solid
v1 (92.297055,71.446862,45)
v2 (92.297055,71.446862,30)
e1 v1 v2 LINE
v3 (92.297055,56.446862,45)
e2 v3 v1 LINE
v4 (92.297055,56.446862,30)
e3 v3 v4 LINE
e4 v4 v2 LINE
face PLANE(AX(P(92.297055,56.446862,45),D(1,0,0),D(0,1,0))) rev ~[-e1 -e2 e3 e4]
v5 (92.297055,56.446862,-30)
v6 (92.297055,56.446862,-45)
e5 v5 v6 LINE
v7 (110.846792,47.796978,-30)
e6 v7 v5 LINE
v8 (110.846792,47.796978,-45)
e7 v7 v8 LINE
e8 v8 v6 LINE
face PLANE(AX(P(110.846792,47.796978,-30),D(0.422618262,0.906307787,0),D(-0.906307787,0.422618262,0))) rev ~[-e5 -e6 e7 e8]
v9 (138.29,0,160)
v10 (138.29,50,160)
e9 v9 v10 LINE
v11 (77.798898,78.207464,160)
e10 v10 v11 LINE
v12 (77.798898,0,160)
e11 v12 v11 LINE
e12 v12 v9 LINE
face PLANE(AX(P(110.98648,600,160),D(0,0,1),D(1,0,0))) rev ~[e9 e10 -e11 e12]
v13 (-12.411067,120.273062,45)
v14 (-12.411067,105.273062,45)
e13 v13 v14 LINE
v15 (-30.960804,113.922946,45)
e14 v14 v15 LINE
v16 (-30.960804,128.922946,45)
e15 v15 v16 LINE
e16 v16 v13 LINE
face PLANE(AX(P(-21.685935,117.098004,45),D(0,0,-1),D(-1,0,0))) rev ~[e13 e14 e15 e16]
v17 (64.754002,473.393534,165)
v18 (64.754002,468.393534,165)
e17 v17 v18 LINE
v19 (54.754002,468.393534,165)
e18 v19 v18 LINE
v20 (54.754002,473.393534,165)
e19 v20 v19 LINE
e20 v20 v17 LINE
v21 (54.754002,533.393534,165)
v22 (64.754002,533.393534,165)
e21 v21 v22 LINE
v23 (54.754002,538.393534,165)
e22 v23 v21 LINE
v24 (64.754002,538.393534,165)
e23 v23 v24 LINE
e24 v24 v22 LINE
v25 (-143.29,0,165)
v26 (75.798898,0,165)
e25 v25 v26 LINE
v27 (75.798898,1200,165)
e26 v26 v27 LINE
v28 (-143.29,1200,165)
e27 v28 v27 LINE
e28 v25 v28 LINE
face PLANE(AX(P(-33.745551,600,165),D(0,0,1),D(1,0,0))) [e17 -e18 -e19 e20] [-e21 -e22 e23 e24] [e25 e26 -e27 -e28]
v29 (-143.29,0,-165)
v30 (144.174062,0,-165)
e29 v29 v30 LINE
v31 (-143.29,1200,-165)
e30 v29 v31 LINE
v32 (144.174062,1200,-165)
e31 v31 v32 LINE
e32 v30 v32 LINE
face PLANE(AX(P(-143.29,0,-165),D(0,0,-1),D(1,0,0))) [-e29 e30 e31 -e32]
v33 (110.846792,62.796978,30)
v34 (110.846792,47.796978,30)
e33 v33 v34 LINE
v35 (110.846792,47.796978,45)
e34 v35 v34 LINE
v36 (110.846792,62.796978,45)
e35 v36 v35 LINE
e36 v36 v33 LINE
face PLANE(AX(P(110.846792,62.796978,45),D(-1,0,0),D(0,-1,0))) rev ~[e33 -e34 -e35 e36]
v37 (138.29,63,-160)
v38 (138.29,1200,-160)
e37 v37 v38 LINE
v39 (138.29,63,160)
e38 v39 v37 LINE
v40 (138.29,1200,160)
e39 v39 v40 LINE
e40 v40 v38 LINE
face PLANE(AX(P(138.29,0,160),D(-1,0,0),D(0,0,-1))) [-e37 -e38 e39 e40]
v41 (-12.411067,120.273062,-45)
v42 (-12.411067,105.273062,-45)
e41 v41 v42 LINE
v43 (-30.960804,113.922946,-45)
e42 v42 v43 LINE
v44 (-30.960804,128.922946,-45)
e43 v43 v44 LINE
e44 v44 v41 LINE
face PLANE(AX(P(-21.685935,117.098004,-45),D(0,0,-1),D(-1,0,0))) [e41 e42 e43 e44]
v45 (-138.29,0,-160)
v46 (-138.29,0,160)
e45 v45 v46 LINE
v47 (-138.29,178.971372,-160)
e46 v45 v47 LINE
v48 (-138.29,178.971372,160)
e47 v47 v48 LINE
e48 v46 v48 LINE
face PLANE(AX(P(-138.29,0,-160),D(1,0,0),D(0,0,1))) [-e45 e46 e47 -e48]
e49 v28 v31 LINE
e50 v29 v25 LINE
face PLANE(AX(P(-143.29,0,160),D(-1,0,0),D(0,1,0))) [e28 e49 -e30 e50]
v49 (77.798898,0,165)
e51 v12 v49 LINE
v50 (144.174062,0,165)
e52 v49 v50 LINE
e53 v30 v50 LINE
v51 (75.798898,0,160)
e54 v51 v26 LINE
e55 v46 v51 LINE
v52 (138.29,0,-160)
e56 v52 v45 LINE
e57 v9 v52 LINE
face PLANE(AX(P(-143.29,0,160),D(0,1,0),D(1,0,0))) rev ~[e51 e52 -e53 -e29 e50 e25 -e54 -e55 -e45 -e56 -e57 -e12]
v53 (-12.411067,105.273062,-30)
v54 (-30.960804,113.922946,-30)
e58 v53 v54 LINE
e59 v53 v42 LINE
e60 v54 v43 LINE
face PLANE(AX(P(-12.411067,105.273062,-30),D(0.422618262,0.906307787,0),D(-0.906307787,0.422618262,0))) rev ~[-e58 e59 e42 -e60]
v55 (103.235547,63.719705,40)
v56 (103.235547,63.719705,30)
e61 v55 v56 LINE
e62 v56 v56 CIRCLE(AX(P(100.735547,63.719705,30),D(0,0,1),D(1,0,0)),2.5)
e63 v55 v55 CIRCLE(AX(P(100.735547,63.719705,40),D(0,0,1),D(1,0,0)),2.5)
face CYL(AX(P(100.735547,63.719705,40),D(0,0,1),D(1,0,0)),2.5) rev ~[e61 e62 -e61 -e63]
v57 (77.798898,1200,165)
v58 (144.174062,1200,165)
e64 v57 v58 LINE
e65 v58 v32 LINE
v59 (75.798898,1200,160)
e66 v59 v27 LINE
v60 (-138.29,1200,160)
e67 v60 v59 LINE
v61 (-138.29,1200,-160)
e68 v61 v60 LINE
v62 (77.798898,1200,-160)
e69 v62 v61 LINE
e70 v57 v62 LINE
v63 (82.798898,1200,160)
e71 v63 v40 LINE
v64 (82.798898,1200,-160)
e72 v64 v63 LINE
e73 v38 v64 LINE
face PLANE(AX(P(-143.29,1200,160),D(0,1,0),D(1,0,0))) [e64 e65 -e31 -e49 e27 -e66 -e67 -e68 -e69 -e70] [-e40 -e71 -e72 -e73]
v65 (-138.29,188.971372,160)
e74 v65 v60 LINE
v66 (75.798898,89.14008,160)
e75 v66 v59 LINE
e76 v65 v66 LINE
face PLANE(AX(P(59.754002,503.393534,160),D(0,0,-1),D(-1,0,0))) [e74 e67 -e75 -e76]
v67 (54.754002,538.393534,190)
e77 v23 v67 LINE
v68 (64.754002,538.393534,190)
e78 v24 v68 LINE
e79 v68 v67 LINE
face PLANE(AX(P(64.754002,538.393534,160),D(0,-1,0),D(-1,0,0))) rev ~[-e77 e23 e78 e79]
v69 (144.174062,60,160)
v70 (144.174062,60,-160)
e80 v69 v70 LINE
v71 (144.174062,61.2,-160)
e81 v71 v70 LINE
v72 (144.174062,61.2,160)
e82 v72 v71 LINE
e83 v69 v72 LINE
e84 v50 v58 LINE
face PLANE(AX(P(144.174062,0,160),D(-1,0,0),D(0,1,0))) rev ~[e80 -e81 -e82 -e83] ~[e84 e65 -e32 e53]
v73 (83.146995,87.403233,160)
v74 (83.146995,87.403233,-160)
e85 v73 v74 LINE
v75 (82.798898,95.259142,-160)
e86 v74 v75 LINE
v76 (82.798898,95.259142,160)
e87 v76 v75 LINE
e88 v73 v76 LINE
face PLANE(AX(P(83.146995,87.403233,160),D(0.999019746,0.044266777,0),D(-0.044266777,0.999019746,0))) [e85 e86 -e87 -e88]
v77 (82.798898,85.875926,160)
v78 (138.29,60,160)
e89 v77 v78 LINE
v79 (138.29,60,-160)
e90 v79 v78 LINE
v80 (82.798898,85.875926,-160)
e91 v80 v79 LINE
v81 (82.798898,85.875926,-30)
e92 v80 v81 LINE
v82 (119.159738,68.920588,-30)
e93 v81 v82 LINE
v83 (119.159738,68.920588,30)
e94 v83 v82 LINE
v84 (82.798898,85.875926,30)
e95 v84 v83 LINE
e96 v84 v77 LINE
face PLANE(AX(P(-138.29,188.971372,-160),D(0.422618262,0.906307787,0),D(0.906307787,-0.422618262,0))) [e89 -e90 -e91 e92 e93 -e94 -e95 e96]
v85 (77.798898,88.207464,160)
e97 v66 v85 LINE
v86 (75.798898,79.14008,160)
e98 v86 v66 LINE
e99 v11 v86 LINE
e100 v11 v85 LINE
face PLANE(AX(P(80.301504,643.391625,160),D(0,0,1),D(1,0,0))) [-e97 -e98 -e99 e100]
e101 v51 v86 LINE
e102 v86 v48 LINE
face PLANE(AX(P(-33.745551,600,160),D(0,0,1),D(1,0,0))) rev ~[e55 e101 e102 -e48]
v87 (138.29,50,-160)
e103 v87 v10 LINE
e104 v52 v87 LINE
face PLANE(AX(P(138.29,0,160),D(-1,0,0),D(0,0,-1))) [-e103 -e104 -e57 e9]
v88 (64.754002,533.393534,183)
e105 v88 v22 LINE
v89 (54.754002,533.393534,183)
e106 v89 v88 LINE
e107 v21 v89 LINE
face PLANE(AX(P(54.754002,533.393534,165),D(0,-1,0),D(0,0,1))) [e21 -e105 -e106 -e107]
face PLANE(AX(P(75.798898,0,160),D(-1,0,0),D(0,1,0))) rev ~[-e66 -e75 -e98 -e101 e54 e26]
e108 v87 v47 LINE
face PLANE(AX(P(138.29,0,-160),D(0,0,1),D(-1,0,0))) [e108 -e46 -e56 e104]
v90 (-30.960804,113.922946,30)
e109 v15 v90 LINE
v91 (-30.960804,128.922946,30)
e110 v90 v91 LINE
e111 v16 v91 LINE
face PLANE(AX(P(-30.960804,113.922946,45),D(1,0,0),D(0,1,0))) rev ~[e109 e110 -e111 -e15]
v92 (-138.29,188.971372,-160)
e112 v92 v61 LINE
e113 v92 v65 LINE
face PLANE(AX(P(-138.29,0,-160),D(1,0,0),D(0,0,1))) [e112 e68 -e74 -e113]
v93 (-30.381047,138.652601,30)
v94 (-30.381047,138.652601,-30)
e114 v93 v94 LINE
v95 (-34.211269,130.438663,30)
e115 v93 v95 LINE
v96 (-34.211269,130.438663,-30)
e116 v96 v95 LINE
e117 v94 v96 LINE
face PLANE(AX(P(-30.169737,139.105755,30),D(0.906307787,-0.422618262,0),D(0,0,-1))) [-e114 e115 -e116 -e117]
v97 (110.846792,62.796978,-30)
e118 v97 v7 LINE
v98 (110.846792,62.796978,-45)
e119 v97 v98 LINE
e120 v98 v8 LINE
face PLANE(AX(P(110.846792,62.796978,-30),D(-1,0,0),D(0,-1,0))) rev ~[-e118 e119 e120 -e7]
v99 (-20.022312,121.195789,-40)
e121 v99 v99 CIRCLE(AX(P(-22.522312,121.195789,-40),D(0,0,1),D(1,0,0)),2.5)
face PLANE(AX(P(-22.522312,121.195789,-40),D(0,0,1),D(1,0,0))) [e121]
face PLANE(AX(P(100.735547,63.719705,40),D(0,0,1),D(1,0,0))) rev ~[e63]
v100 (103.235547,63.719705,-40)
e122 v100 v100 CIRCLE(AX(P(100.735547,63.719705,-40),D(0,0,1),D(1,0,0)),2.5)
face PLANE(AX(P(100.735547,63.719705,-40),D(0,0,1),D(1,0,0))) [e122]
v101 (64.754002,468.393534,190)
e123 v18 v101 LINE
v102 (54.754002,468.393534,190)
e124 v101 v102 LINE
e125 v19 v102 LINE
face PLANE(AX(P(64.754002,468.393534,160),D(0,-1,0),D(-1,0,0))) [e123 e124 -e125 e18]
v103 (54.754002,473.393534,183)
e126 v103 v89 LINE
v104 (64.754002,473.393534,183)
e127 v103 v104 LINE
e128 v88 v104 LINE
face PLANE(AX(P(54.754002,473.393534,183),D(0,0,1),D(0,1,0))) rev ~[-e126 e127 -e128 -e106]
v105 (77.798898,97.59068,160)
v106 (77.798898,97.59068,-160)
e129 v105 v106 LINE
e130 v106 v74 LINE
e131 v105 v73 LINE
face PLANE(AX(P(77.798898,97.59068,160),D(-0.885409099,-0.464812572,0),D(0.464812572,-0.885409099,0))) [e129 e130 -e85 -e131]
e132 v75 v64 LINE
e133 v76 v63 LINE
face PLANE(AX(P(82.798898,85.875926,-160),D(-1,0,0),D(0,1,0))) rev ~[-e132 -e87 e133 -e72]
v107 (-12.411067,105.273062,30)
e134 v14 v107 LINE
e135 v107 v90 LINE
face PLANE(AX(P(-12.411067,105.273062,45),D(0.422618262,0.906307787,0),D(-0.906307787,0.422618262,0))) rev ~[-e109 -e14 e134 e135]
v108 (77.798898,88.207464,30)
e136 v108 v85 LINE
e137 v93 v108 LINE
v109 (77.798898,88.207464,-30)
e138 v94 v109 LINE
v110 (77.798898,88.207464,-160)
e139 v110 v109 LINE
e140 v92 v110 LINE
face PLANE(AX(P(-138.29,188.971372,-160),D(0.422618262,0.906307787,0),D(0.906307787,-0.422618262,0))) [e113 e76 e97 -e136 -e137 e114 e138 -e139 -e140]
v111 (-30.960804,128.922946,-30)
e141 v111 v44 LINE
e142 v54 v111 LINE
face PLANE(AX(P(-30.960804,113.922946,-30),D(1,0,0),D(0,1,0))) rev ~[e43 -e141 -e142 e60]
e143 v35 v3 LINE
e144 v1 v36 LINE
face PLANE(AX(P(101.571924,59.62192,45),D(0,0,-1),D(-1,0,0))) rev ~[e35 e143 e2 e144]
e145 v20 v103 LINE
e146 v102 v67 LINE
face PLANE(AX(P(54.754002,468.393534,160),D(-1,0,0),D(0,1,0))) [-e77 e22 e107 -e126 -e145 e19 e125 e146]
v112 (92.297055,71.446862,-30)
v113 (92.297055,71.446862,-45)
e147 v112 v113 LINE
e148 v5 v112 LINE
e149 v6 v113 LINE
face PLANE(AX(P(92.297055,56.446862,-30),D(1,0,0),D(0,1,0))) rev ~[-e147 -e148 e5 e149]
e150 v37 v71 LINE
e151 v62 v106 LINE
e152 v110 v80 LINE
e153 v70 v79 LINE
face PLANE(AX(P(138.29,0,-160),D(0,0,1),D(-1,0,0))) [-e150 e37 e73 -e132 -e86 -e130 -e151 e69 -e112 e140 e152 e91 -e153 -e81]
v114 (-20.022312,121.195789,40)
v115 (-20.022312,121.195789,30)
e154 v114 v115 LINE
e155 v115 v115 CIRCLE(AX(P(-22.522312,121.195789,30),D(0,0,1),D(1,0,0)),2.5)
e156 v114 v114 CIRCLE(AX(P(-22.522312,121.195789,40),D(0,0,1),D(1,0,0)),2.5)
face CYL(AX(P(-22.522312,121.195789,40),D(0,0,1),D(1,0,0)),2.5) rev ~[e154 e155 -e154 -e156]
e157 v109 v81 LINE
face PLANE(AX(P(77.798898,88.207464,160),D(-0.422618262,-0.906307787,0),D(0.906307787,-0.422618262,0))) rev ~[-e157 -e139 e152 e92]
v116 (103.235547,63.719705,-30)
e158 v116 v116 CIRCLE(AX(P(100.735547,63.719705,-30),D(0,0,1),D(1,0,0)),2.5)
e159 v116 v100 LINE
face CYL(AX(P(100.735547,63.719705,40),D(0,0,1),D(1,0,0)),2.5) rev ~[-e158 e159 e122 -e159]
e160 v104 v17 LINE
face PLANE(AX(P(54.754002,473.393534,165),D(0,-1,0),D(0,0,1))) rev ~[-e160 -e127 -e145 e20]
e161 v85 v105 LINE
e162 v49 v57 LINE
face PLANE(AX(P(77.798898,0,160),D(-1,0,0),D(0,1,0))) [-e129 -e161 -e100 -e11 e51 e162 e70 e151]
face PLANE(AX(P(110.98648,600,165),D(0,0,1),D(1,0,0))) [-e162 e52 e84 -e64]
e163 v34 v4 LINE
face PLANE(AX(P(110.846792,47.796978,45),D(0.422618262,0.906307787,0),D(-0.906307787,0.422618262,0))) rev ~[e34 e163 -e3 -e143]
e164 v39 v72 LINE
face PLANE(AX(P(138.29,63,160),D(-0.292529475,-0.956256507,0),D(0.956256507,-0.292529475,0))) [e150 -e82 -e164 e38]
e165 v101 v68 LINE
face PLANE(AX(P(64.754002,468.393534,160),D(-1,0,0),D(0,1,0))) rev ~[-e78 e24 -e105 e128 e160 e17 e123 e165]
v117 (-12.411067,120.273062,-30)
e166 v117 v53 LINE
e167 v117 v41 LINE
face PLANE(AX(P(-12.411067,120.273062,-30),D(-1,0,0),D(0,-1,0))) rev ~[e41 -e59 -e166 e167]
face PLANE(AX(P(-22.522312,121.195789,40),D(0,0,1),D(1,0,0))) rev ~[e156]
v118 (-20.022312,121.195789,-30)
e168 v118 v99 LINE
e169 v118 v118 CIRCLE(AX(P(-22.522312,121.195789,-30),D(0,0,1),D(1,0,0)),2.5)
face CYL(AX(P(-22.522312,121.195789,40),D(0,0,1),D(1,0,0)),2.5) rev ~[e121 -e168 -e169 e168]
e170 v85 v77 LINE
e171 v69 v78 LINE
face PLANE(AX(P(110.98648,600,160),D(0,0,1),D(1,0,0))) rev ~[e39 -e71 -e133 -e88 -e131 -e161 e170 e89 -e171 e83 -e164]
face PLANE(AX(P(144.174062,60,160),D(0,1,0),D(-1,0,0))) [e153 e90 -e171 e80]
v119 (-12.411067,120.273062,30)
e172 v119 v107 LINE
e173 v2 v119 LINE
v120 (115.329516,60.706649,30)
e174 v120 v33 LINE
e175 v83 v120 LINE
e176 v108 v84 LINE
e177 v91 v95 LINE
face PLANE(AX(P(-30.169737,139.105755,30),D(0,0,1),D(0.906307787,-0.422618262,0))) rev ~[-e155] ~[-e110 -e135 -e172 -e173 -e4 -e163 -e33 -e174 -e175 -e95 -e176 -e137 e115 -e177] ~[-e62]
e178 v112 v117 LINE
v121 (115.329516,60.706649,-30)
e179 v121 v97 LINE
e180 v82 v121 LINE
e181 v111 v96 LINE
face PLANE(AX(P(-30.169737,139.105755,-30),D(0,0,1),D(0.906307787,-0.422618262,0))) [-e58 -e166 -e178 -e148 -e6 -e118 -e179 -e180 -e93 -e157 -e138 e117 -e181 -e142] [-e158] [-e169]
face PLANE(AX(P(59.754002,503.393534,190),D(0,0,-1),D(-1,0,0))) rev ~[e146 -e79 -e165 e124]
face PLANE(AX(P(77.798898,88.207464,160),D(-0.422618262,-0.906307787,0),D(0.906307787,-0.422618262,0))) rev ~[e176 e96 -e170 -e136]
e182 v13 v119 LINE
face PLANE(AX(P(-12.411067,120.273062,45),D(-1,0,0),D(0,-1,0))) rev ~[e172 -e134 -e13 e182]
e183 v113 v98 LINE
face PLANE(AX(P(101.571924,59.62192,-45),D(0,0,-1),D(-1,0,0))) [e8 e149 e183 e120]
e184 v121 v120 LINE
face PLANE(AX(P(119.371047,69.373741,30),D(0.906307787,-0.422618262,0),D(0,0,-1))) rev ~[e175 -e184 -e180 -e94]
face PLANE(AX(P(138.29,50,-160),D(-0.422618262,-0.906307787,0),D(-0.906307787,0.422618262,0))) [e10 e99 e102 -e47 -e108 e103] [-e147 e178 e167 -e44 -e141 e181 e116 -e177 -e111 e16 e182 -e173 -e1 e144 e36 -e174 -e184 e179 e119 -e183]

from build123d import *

# Parameters (mm, degrees)
BOSS_EXTRUDE1_DEPTH    = 1200
BOSS_EXTRUDE2_DEPTH    = 320
CUT_EXTRUDE2_START     = 0.5
SKETCH6_W              = 165
SKETCH6_H              = 60
CUT_EXTRUDE2_DEPTH     = 10
BOSS_EXTRUDE14_DEPTH   = 15
LPATTERN1_COUNT        = 2
LPATTERN1_PITCH        = 136
LPATTERN2_COUNT        = 2
LPATTERN2_PITCH        = 75
LPATTERN2_COPY_1_DEPTH = 15
CUT_EXTRUDE5_START     = 70
SKETCH14_R             = 2.5
CUT_EXTRUDE5_DEPTH     = 80
BOSS_EXTRUDE19_DEPTH   = 320
CUT_EXTRUDE10_DEPTH    = 320
BOSS_EXTRUDE20_DEPTH   = 320
CUT_EXTRUDE11_DEPTH    = 320
CUT_EXTRUDE12_DEPTH    = 320
SKETCH32_W             = 66.375164862
SKETCH32_H             = 1200
BOSS_EXTRUDE21_DEPTH   = 5
SKETCH33_W             = 219.088897638
SKETCH33_H             = 1200
BOSS_EXTRUDE23_DEPTH   = 5
SKETCH34_W             = 10
SKETCH34_H             = 70
BOSS_EXTRUDE24_DEPTH   = 30
CUT_EXTRUDE13_REACH    = 91.42
SKETCH35_W             = 18
SKETCH35_H             = 60


with BuildPart() as part:
    # Sketch1 → Boss-Extrude1 (new body)
    with BuildSketch(Plane(origin=(0, 0, 0), x_dir=(1, 0, 0), z_dir=(0, 1, 0))):
        Polygon((-138.29, -160), (-143.29, -160), (-143.29, 165), (144.1740625, 165), (144.1740625, -160), (138.29, -160), (138.29, 160), (-138.29, 160), align=None)
    extrude(amount=BOSS_EXTRUDE1_DEPTH)

    # Sketch3 → Boss-Extrude2 (add)
    with BuildSketch(Plane.XY.offset(-160)):
        Polygon((138.29, 50), (-138.29, 178.971372093), (-138.29, 188.971372093), (138.29, 60), align=None)
    extrude(amount=BOSS_EXTRUDE2_DEPTH)

    # Sketch6 → Cut-Extrude2 (cut)
    with BuildSketch(Plane(origin=(47.680784022, 102.25177131, 0), x_dir=(0.906307787, -0.422618262, 0), z_dir=(0.422618262, 0.906307787, 0)).offset(CUT_EXTRUDE2_START)):
        with Locations((-3.631700195, 0)):
            Rectangle(SKETCH6_W, SKETCH6_H)
    extrude(amount=-CUT_EXTRUDE2_DEPTH, mode=Mode.SUBTRACT)

    # Sketch15 → Boss-Extrude14 (add)
    with BuildSketch(Plane.XY.offset(-30)):
        Polygon((-30.960803737, 128.922945932), (-12.411066849, 120.273061564), (-12.411066849, 105.273061564), (-30.960803737, 113.922945932), align=None)
    boss_extrude14 = extrude(amount=-BOSS_EXTRUDE14_DEPTH)

    # LPattern1: Boss-Extrude14 ×2
    with Locations(*[Vector(0.906307787, -0.422618262, 0) * (i * LPATTERN1_PITCH) for i in range(1, LPATTERN1_COUNT)]):
        add(boss_extrude14)

    # LPattern2: Boss-Extrude14 ×2
    with Locations(*[(0, 0, i * LPATTERN2_PITCH) for i in range(1, LPATTERN2_COUNT)]):
        add(boss_extrude14)

    # LPattern2 copy 1 sketch → LPattern2 copy 1 (add)
    with BuildSketch(Plane(origin=(123.257859037, -57.476083597, 45), x_dir=(1, 0, 0), z_dir=(0, 0, 1))):
        Polygon((-30.960803737, 128.922945932), (-12.411066849, 120.273061564), (-12.411066849, 105.273061564), (-30.960803737, 113.922945932), align=None)
    extrude(amount=-LPATTERN2_COPY_1_DEPTH)

    # Sketch14 → Cut-Extrude5 (cut)
    with BuildSketch(Plane.XY.offset(-30).offset(CUT_EXTRUDE5_START)):
        with Locations((-22.522311936, 121.195788594)):
            Circle(SKETCH14_R)
        with Locations((100.735547101, 63.719704997)):
            Circle(SKETCH14_R)
    extrude(amount=-CUT_EXTRUDE5_DEPTH, mode=Mode.SUBTRACT)

    # Sketch19 → Boss-Extrude19 (add)
    with BuildSketch(Plane.XY.offset(-160)):
        Polygon((82.798897638, 85.875925991), (82.798897638, 1200), (77.798897638, 1200), (77.798897638, 88.207464282), align=None)
    extrude(amount=BOSS_EXTRUDE19_DEPTH)

    # Sketch27 → Cut-Extrude10 (cut)
    with BuildSketch(Plane.XY.offset(160)):
        Polygon((77.798897638, 97.590680412), (82.798897638, 95.259142121), (82.798897638, 85.875925991), (77.798897638, 88.715225589), align=None)
    extrude(amount=-CUT_EXTRUDE10_DEPTH, mode=Mode.SUBTRACT)

    # Sketch28 → Boss-Extrude20 (add)
    with BuildSketch(Plane.XY.offset(160)):
        Polygon((77.798897638, 97.590680412), (83.146994647, 87.403232752), (82.798897638, 95.259142121), align=None)
    extrude(amount=-BOSS_EXTRUDE20_DEPTH)

    # Sketch29 → Cut-Extrude11 (cut)
    with BuildSketch(Plane.XY.offset(160)):
        Polygon((138.29, 60), (138.29, 63), (144.1740625, 61.2), (144.1740625, 60), align=None)
    extrude(amount=-CUT_EXTRUDE11_DEPTH, mode=Mode.SUBTRACT)

    # Sketch31 → Cut-Extrude12 (cut)
    with BuildSketch(Plane.XY.offset(160)):
        Polygon((77.798897638, 88.207464282), (82.798897638, 85.875925991), (77.798897638, 88.715225589), align=None)
    extrude(amount=-CUT_EXTRUDE12_DEPTH, mode=Mode.SUBTRACT)

    # Sketch32 → Boss-Extrude21 (add)
    with BuildSketch(Plane.XY.offset(160)):
        with Locations((110.986480069, 600)):
            Rectangle(SKETCH32_W, SKETCH32_H)
    extrude(amount=BOSS_EXTRUDE21_DEPTH)

    # Sketch33 → Boss-Extrude23 (add)
    with BuildSketch(Plane.XY.offset(160)):
        with Locations((-33.745551181, 600)):
            Rectangle(SKETCH33_W, SKETCH33_H)
    extrude(amount=BOSS_EXTRUDE23_DEPTH)

    # Sketch34 → Boss-Extrude24 (add)
    with BuildSketch(Plane(origin=(0, 0, 160), x_dir=(-1, 0, 0), z_dir=(0, 0, -1))):
        with Locations((-59.754002279, 503.393533755)):
            Rectangle(SKETCH34_W, SKETCH34_H)
    extrude(amount=-BOSS_EXTRUDE24_DEPTH)

    # Sketch35 → Cut-Extrude13 (cut, up to next)
    with BuildSketch(Plane.ZY.offset(-54.754002279), mode=Mode.PRIVATE) as cut_extrude13_sk1:
        with Locations((174, 503.393533755)):
            Rectangle(SKETCH35_W, SKETCH35_H)
    cut_extrude13_tool1 = extrude(cut_extrude13_sk1.sketch, amount=-CUT_EXTRUDE13_REACH, mode=Mode.PRIVATE) & part.part
    add(cut_extrude13_tool1.solids().sort_by_distance((54.754002, 503.393534, 174))[0], mode=Mode.SUBTRACT)


solid = part.part
